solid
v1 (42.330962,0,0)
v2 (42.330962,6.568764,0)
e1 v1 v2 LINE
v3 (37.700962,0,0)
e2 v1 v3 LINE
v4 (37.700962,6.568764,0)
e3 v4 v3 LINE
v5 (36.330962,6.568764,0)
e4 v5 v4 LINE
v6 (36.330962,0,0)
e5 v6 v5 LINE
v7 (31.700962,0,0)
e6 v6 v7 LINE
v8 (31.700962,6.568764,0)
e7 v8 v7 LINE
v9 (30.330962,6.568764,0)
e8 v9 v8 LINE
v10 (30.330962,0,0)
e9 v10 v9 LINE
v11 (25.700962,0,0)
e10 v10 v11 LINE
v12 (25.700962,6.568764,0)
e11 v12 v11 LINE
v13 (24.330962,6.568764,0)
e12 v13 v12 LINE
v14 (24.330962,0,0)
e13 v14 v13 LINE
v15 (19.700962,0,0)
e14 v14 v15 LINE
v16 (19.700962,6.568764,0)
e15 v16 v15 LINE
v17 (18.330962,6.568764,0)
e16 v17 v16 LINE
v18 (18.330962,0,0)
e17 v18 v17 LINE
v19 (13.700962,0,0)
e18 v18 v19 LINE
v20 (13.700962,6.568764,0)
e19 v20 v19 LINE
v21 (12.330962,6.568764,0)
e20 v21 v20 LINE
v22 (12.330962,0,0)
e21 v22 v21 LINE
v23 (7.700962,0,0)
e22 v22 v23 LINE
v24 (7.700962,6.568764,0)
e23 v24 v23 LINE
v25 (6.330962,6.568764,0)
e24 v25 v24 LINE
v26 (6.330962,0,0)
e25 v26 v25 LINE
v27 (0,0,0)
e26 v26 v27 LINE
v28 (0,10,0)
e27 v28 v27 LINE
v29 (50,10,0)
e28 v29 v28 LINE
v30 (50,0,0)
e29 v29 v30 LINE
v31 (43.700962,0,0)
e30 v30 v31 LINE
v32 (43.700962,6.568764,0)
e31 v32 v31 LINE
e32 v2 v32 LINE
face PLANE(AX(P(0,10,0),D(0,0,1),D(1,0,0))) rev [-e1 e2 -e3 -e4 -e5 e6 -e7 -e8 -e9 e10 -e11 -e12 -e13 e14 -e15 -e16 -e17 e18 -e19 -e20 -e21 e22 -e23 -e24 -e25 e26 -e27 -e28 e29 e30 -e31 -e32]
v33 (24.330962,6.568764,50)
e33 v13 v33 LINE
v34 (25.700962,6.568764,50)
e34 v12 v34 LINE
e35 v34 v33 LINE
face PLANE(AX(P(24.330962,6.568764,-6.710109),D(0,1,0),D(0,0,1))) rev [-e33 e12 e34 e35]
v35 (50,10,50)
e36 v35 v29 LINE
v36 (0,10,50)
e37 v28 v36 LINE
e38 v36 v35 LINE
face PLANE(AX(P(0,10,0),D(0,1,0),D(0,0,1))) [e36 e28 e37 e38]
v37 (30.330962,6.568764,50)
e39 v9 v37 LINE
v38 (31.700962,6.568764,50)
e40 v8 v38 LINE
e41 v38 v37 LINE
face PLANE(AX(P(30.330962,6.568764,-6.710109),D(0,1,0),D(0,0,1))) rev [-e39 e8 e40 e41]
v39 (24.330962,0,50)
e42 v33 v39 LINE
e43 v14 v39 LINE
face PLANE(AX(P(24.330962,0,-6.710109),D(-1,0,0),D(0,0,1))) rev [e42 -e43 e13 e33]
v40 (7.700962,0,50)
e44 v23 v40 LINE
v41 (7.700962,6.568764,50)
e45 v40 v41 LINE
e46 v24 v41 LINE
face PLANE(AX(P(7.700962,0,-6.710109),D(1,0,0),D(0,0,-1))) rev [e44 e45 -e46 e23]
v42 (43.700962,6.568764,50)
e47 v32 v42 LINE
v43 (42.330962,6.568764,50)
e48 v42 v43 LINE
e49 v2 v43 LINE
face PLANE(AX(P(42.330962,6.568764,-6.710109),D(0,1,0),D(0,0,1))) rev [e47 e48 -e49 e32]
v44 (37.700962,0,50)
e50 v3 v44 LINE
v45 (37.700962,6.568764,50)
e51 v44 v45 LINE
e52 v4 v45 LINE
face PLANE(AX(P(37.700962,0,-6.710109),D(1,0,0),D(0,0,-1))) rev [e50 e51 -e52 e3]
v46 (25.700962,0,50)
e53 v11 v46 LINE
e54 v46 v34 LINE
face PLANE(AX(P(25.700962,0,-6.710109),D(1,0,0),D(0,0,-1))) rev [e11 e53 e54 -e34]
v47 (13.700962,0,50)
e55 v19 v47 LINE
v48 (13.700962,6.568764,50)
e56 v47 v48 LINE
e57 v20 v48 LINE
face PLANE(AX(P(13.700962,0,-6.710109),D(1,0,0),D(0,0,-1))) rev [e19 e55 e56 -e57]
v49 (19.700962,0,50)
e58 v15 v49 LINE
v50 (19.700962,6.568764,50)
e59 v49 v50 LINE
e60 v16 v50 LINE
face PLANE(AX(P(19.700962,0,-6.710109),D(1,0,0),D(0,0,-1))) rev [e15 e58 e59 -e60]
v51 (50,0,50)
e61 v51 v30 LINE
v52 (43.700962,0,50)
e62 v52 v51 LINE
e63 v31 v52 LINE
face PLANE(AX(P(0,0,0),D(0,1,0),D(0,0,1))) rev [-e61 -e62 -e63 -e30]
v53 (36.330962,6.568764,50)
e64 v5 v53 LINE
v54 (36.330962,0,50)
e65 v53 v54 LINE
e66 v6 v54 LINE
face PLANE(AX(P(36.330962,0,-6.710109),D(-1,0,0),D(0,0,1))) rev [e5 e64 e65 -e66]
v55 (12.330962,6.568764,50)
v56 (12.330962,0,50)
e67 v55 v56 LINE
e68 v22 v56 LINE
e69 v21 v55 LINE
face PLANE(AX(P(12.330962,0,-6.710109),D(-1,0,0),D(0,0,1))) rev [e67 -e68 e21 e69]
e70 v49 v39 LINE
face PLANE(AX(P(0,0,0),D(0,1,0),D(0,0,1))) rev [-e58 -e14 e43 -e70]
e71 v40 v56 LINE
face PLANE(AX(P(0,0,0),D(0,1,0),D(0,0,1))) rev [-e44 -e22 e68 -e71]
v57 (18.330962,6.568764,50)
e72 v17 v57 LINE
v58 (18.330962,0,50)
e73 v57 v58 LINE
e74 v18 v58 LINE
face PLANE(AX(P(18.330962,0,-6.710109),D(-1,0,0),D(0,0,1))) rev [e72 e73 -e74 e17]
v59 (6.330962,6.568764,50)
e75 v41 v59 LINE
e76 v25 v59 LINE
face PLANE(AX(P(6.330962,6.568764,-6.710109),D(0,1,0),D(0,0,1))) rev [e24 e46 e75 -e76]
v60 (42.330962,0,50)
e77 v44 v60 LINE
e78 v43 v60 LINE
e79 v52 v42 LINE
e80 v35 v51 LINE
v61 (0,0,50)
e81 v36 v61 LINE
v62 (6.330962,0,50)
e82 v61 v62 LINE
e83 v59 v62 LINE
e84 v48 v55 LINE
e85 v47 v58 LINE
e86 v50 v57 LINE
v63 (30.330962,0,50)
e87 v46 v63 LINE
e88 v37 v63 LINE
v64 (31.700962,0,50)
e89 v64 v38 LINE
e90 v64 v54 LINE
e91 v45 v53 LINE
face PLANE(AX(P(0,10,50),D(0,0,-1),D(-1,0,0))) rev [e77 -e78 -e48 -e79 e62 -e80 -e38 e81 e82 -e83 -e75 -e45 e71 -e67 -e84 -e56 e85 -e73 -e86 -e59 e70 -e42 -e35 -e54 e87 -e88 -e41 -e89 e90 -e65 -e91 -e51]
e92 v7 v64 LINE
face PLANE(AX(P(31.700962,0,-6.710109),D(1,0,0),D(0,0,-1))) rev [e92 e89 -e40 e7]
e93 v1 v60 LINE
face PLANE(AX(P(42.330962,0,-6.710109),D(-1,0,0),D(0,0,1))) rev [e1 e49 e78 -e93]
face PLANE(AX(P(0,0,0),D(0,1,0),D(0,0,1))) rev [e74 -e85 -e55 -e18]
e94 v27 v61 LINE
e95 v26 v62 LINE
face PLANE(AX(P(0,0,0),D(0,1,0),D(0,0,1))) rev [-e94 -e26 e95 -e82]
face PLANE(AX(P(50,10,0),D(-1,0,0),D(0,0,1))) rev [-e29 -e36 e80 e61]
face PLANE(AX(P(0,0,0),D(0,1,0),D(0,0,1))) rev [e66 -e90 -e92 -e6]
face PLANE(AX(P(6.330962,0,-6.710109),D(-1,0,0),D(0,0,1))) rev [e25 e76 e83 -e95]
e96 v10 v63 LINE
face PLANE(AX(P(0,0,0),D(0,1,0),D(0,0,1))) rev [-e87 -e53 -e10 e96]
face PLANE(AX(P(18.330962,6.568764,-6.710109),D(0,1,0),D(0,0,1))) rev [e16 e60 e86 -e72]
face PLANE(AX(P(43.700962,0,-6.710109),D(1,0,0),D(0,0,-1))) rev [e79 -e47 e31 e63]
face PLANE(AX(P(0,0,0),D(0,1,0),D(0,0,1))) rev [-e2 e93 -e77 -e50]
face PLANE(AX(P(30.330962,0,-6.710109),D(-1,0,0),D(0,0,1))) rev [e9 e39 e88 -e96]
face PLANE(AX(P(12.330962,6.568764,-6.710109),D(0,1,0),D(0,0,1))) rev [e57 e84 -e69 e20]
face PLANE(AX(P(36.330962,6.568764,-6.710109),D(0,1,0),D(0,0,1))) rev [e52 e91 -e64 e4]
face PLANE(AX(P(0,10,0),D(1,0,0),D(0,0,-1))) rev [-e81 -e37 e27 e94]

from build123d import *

# Parameters (mm, degrees)
SKETCH1_W           = 50
SKETCH1_H           = 50
BOSS_EXTRUDE1_DEPTH = 10
SKETCH3_W           = 1.37
SKETCH3_H           = 6.568764243
CUT_EXTRUDE1_DEPTH  = 50
LPATTERN1_COUNT     = 7
LPATTERN1_PITCH     = 6


with BuildPart() as part:
    # Sketch1 → Boss-Extrude1 (new body)
    with BuildSketch(Plane(origin=(0, 0, 0), x_dir=(1, 0, 0), z_dir=(0, 1, 0))):
        with Locations((25, -25)):
            Rectangle(SKETCH1_W, SKETCH1_H)
    extrude(amount=BOSS_EXTRUDE1_DEPTH)

    # Sketch3 → Cut-Extrude1 (cut)
    with BuildSketch(Plane.XY.offset(50)):
        with Locations((7.015961915, 3.284382122)):
            Rectangle(SKETCH3_W, SKETCH3_H)
    cut_extrude1 = extrude(amount=-CUT_EXTRUDE1_DEPTH, mode=Mode.SUBTRACT)

    # LPattern1: Cut-Extrude1 ×7
    with Locations(*[(i * LPATTERN1_PITCH, 0, 0) for i in range(1, LPATTERN1_COUNT)]):
        add(cut_extrude1, mode=Mode.SUBTRACT)


solid = part.part
